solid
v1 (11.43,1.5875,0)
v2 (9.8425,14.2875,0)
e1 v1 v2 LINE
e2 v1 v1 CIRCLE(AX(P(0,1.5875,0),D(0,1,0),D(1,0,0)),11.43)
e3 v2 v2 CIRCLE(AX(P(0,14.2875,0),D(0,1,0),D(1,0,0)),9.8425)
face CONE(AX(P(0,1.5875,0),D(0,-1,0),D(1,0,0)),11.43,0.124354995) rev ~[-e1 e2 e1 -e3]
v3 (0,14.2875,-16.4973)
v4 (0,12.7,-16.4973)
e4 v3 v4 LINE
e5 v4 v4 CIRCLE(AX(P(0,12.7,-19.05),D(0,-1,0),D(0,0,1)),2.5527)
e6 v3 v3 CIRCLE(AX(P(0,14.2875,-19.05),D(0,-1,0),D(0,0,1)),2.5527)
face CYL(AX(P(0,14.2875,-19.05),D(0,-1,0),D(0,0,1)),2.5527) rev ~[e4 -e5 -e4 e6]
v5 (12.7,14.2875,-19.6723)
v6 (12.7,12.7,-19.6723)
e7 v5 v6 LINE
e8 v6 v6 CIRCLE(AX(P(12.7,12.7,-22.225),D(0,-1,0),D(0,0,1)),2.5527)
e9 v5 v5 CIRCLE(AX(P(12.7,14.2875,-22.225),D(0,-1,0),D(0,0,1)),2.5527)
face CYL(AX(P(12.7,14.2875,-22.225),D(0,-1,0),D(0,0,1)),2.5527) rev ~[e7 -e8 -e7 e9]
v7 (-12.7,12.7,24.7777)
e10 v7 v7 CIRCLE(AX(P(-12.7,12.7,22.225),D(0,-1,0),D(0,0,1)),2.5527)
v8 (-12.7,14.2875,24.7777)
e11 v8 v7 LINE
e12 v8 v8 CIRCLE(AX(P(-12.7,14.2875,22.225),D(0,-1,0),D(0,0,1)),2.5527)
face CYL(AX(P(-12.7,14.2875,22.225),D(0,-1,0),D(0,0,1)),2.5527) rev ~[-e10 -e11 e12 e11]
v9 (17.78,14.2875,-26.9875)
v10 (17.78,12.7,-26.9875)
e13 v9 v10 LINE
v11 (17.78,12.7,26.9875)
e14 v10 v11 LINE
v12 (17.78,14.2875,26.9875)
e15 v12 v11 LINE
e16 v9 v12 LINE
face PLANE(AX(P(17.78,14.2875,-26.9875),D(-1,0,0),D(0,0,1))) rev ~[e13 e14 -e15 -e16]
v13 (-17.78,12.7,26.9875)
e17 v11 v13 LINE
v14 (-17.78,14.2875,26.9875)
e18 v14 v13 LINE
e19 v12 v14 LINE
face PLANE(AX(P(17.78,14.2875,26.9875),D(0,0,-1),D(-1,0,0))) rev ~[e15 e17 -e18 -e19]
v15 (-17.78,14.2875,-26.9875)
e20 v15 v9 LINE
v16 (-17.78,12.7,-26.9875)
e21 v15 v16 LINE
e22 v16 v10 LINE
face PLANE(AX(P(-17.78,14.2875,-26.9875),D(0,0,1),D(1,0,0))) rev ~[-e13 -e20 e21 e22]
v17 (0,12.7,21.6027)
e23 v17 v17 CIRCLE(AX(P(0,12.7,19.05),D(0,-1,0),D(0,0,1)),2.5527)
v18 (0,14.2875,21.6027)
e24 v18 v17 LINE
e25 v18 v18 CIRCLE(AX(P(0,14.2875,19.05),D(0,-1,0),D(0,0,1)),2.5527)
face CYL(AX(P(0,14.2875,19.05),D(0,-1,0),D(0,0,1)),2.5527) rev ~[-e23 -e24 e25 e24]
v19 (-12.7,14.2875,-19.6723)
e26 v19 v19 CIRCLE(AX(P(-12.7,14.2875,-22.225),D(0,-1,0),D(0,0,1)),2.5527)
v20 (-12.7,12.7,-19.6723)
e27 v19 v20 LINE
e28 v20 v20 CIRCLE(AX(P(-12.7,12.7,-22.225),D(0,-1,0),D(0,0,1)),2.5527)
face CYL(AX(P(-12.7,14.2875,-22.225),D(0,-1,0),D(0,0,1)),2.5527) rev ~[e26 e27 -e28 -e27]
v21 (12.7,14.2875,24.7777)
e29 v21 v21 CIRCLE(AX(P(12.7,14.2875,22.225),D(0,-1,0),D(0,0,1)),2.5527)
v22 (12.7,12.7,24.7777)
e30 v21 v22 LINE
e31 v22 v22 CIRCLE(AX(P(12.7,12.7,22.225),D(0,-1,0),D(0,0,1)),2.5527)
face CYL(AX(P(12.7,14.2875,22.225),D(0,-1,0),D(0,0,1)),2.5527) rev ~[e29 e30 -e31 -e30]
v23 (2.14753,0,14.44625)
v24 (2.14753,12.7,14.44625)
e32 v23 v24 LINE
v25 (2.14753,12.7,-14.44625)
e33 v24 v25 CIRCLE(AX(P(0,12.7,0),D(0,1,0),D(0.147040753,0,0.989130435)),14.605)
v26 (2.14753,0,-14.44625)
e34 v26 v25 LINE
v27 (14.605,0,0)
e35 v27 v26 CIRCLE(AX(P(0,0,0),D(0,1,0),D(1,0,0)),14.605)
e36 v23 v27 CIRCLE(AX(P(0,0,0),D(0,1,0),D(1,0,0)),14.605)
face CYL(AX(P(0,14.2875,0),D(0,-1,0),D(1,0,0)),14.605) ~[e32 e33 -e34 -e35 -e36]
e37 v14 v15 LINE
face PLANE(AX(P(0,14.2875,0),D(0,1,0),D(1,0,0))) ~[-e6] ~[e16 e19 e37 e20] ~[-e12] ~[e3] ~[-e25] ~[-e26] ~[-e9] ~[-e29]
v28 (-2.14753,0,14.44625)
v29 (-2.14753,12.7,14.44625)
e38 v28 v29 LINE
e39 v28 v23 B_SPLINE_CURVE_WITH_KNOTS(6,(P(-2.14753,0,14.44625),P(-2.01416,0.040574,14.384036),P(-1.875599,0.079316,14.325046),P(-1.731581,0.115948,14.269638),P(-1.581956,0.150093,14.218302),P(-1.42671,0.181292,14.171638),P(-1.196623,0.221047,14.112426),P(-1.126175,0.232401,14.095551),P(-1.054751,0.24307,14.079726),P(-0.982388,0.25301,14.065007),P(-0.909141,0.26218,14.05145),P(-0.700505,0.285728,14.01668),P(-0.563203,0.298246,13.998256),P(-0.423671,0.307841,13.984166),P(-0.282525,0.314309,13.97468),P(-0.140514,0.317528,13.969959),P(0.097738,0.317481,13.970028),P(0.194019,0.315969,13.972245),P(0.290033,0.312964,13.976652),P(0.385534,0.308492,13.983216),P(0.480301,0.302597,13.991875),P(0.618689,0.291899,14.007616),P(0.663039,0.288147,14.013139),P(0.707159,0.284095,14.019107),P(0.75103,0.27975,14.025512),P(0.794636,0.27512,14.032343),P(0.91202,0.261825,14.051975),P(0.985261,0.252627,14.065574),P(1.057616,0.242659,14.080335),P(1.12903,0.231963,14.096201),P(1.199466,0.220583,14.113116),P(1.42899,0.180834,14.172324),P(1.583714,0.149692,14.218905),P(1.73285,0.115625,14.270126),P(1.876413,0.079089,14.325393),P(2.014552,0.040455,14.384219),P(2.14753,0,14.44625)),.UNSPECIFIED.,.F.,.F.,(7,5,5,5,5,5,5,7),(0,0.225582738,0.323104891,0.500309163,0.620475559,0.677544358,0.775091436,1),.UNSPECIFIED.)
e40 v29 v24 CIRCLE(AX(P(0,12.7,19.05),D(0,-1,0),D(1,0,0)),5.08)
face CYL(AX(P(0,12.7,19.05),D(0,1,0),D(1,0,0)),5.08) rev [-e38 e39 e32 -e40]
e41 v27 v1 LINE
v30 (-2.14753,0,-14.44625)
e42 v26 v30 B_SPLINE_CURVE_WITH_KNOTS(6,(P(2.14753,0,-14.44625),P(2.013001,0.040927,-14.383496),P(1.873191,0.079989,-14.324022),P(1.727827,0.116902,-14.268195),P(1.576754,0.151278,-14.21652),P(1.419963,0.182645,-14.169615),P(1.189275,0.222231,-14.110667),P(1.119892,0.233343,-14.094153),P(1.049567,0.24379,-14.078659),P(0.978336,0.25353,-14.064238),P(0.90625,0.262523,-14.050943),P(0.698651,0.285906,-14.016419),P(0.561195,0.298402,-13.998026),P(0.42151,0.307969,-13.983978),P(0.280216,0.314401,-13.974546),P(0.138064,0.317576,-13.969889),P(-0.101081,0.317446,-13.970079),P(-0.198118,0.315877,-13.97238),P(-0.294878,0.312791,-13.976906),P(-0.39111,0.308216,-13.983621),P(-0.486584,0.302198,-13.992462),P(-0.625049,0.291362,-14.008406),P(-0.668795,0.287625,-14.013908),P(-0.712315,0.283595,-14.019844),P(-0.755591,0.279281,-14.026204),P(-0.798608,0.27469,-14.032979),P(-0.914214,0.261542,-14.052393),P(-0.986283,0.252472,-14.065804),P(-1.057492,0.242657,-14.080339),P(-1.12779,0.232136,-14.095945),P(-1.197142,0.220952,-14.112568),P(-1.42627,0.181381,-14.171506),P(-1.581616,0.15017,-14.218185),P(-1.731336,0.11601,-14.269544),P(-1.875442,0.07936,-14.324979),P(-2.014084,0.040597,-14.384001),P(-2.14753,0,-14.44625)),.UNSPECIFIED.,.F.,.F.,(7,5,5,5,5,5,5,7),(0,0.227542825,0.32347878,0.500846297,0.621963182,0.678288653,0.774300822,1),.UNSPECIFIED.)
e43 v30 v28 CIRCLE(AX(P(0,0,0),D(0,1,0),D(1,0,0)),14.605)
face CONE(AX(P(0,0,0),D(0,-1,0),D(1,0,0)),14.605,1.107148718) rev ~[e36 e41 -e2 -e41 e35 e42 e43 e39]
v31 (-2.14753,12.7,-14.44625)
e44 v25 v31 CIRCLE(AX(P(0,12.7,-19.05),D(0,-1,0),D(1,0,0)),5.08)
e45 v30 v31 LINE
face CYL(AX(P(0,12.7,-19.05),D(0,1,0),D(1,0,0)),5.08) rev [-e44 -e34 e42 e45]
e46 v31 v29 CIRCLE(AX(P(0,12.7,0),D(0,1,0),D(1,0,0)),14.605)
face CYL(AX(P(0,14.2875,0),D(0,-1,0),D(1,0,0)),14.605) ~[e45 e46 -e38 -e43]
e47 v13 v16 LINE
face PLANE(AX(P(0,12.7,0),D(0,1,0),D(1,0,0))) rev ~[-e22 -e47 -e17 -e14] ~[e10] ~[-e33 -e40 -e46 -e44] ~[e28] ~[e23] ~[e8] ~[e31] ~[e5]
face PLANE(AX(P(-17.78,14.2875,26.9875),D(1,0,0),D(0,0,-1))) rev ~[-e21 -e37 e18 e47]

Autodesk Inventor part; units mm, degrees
ref_plane "YZ Plane" through (0, 0, 0) normal (1, 0, 0) x (0, 1, 0)
ref_plane "XZ Plane" through (0, 0, 0) normal (0, 1, 0) x (-1, 0, 0)
ref_plane "XY Plane" through (0, 0, 0) normal (0, 0, 1) x (1, 0, 0)
sketch "Sketch1" plane through (0, 0, 0) normal (0, 0, 1) x (1, 0, 0)
  line L0 (0, 0) -> (0, 14.2875)
  line L1 (0, 14.2875) -> (9.8425, 14.2875) construction
  line L2 (9.8425, 14.2875) -> (14.605, 14.2875)
  line L3 (14.605, 14.2875) -> (14.605, 0)
  line L4 (14.605, 0) -> (11.43, 1.5875)
  line L5 (11.43, 1.5875) -> (9.8425, 14.2875)
  dimension "d1" = 19.685
  dimension "d2" = 1.5875
  dimension "d3" = 3.175
  dimension "d5" = 14.2875
  dimension "d6" = 12.7
revolve "Revolution1" add sketch "Sketch1" angle 360 about axis through (0, 0, 0) along (0, 1, 0)
sketch "Sketch2" plane through (0, 14.2875, 0) normal (0, 1, 0) x (1, 0, 0)
  line L0 (17.78, -26.9875) -> (-17.78, -26.9875)
  line L1 (-17.78, -26.9875) -> (-17.78, 26.9875)
  line L2 (-17.78, 26.9875) -> (17.78, 26.9875)
  line L3 (17.78, 26.9875) -> (17.78, -26.9875)
  line L4 (17.78, -26.9875) -> (-17.78, 26.9875) construction
  line L5 (-17.78, -26.9875) -> (17.78, 26.9875) construction
  circle A0 centre (0, 0) radius 14.605 projected
  point P0 (0, -14.605)
  point P1 (-14.605, 0)
  dimension "d9" = 3.175
  dimension "d22" = 53.975
extrude "Extrusion1" add sketch "Sketch2" against normal blind 1.5875
sketch "Sketch3" plane through (-17.78, 14.2875, -26.9875) normal (0, 1, 0) x (1, 0, 0)
  line L0 (17.78, -46.0375) -> (17.78, -7.9375) construction
  line L1 (5.08, -49.2125) -> (30.48, -49.2125)
  line L2 (30.48, -49.2125) -> (30.48, -4.7625)
  line L3 (30.48, -4.7625) -> (5.08, -4.7625)
  line L4 (5.08, -4.7625) -> (5.08, -49.2125)
  line L5 (5.08, -49.2125) -> (30.48, -4.7625) construction
  line L6 (30.48, -49.2125) -> (5.08, -4.7625) construction
  point P0 (17.78, -26.9875)
  point P1 (17.78, -26.9875)
  dimension "d12" = 38.1
  dimension "d20" = 44.45
  dimension "d21" = 25.4
hole "Hole1" at (12.7, 14.2875, 22.225) at (12.7, 14.2875, -22.225) at (-12.7, 14.2875, -22.225) at (-12.7, 14.2875, 22.225) at (0, 14.2875, -19.05) at (0, 14.2875, 19.05) direction (0, -1, 0) diameter 5.1054 end through all clearance for "Flat Head Machine Screw (82)" size "#10" standard "Ansi Unified Screw Threads"
sketch "Sketch4" plane through (0, 12.7, 0) normal (0, -1, 0) x (1, 0, 0)
  circle A0 centre (0, 19.05) radius 2.5527 projected
  circle A1 centre (0, 19.05) radius 5.08
  circle A2 centre (0, -19.05) radius 2.5527 projected
  circle A3 centre (0, -19.05) radius 5.08
  point P0 (0, 0)
  dimension "d23" = 10.16
extrude "Extrusion2" cut sketch "Sketch4" along normal up to surface
properties part number "Gripper_3DPrint"
